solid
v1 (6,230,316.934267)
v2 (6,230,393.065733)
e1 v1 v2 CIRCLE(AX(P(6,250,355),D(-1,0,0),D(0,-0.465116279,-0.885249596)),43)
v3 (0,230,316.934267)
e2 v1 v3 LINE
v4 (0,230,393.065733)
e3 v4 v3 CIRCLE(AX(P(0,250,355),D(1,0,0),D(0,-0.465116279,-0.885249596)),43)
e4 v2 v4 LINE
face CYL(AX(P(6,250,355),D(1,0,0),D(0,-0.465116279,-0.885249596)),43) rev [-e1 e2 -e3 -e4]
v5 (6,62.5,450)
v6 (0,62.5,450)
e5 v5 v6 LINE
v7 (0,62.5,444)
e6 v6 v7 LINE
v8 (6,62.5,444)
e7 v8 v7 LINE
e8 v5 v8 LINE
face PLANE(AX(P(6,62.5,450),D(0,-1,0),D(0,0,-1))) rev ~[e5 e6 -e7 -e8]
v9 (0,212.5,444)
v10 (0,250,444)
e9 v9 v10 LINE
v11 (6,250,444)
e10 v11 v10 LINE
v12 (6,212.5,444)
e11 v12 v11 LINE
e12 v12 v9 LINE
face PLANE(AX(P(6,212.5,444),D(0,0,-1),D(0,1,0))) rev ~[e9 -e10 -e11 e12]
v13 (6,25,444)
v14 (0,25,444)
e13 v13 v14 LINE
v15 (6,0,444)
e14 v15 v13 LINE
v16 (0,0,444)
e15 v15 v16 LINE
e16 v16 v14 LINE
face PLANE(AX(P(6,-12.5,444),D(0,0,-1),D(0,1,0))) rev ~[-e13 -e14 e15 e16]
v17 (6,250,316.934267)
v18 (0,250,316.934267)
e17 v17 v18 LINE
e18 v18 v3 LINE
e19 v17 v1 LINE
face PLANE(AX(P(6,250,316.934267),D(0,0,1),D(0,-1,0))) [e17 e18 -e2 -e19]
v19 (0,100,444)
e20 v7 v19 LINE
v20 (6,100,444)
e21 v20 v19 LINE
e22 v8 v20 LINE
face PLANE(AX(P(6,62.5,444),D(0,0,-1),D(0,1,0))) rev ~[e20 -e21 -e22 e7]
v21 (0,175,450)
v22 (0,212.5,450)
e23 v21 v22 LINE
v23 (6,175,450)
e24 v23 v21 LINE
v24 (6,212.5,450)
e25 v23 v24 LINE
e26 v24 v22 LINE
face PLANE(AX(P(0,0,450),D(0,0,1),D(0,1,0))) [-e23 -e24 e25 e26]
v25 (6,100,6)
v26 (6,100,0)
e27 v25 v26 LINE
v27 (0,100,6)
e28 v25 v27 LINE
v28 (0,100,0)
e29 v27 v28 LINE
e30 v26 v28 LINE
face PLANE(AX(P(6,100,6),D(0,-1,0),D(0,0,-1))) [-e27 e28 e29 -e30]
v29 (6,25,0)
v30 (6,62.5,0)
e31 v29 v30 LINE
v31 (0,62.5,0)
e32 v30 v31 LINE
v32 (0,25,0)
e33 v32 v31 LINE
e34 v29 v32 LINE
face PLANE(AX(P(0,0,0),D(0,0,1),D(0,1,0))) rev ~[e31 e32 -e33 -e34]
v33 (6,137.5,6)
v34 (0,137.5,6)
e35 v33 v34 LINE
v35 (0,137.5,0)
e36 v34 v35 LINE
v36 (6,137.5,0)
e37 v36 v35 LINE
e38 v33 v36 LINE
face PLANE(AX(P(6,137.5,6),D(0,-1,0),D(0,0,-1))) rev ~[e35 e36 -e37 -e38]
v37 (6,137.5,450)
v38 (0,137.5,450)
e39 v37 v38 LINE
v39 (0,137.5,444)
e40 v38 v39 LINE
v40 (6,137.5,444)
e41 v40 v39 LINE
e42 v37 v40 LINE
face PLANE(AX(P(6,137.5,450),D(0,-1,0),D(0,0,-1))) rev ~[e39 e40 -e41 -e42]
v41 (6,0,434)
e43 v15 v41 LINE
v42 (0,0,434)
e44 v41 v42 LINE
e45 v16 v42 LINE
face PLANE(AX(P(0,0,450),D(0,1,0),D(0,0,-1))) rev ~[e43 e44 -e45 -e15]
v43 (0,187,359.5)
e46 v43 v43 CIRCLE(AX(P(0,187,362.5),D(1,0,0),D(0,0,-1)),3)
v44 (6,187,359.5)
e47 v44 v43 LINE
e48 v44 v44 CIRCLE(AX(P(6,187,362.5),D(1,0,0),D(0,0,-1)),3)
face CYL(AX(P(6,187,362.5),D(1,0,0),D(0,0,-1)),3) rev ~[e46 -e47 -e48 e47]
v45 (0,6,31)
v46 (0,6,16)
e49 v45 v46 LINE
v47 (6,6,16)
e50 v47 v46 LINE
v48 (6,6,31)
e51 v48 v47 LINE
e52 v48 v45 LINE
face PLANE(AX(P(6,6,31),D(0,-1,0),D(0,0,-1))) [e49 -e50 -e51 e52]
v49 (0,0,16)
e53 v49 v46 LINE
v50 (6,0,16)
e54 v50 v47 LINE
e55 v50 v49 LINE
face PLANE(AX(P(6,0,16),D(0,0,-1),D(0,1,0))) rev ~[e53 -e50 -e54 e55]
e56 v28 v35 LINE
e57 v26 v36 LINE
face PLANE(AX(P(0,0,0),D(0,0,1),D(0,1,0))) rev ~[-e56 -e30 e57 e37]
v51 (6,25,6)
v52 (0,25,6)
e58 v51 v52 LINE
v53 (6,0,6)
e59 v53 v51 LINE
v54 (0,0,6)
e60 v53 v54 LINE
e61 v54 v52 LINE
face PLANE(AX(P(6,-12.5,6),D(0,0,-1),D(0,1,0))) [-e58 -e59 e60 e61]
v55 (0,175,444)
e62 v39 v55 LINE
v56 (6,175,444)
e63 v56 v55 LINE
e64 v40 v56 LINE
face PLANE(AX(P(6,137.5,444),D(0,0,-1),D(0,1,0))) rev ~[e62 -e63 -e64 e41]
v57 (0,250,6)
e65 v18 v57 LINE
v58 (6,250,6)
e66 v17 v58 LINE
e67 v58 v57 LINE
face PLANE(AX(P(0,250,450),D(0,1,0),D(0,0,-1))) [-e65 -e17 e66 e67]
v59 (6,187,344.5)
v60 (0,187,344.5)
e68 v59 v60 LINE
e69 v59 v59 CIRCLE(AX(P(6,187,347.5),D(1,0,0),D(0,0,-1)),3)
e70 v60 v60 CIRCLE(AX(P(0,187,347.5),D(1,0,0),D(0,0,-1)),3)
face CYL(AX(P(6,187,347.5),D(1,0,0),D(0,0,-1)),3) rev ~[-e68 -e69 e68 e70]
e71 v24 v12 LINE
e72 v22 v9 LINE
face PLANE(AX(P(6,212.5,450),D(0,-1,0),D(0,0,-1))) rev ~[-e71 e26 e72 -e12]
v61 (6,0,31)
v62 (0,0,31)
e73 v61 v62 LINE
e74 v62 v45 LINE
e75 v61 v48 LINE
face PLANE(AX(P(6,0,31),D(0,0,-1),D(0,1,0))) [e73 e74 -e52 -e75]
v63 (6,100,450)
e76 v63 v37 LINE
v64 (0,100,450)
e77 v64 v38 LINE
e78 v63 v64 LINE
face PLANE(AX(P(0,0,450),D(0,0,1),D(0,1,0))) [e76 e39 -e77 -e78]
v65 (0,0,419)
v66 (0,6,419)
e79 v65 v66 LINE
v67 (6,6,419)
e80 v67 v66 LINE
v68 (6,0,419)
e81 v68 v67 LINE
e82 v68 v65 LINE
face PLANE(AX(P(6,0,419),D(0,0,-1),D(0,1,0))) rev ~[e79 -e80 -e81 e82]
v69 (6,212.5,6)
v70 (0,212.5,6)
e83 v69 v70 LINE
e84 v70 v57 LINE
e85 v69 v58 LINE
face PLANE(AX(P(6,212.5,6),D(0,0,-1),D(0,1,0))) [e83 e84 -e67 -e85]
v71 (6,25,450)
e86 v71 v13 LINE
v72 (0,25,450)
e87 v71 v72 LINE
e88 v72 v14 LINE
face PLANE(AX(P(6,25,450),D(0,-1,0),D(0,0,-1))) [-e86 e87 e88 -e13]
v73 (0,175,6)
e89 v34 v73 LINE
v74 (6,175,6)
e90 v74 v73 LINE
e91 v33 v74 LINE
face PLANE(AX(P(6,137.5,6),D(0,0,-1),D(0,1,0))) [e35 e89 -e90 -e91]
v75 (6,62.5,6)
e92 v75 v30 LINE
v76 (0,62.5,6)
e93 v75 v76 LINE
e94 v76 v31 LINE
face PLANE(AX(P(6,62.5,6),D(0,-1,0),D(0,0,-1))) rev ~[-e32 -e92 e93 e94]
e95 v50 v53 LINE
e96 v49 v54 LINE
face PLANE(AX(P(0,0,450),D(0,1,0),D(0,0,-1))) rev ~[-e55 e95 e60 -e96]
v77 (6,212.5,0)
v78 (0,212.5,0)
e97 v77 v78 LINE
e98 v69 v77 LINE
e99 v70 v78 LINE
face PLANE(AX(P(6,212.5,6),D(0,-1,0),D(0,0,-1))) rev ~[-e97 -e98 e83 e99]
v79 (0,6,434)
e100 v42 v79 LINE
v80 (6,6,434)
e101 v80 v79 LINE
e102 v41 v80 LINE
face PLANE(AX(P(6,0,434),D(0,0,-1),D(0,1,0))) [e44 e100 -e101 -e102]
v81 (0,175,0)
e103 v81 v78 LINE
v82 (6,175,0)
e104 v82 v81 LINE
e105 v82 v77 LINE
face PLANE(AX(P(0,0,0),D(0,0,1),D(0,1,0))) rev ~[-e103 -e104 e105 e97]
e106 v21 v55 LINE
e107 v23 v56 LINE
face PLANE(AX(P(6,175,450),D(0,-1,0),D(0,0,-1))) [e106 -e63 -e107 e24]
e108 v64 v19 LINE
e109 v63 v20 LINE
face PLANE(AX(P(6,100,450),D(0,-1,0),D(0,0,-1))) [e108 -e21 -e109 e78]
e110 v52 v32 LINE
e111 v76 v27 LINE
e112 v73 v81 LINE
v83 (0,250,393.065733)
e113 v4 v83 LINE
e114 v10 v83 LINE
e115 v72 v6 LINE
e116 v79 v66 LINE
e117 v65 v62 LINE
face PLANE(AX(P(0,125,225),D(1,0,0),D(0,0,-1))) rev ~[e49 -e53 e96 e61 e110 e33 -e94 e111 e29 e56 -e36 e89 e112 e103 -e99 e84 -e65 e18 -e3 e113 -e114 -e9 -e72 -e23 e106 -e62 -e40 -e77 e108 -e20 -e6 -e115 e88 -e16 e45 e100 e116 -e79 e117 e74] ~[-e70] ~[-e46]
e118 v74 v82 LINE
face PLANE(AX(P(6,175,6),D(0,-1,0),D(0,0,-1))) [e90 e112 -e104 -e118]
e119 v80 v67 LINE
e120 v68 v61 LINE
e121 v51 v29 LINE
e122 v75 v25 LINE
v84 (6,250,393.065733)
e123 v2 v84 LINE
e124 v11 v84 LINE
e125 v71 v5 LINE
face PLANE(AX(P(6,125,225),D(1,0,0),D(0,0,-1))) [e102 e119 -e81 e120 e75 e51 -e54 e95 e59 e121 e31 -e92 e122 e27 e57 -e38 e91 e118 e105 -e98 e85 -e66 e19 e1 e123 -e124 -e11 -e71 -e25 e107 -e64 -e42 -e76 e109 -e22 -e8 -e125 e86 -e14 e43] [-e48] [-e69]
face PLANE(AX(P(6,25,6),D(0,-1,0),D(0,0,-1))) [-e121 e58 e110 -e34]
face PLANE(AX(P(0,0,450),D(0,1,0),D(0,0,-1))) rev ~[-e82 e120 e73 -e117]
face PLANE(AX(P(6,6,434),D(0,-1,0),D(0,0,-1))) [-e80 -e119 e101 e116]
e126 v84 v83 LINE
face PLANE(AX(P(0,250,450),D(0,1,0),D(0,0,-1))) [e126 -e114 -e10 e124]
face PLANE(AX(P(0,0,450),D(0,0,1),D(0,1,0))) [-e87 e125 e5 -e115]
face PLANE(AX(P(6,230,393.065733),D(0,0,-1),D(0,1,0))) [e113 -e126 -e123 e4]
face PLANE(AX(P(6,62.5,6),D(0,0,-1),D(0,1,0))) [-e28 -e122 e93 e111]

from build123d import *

# Parameters (mm, degrees)
SKETCH1_W            = 450
SKETCH1_H            = 250
BOSS_EXTRUDE1_DEPTH  = 6
SKETCH2_W            = 6
SKETCH2_H            = 37.5
CUT_EXTRUDE1_DEPTH   = 515.816472153
LPATTERN1_COUNT      = 4
LPATTERN1_PITCH      = 75
LPATTERN1_COUNT_DIR2 = 2
LPATTERN1_PITCH_DIR2 = 444
SKETCH3_W            = 15
SKETCH3_H            = 6
CUT_EXTRUDE2_DEPTH   = 515.816472153
LPATTERN2_COUNT      = 2
LPATTERN2_PITCH      = 403
SKETCH4_R            = 3
CUT_EXTRUDE3_DEPTH   = 10


with BuildPart() as part:
    # Sketch1 → Boss-Extrude1 (new body)
    with BuildSketch(Plane(origin=(0, 0, 0), x_dir=(0, 0, -1), z_dir=(1, 0, 0))):
        with Locations((-225, 125)):
            Rectangle(SKETCH1_W, SKETCH1_H)
    extrude(amount=BOSS_EXTRUDE1_DEPTH)

    # Sketch2 → Cut-Extrude1 (cut, through all)
    with BuildSketch(Plane(origin=(6, 0, 0), x_dir=(0, 0, -1), z_dir=(1, 0, 0))):
        with Locations((-447, 231.25)):
            Rectangle(SKETCH2_W, SKETCH2_H)
    cut_extrude1 = extrude(amount=-CUT_EXTRUDE1_DEPTH, mode=Mode.SUBTRACT)

    # LPattern1: Cut-Extrude1 4 × 2
    with Locations(*[(0, -i * LPATTERN1_PITCH, -j * LPATTERN1_PITCH_DIR2) for i in range(LPATTERN1_COUNT) for j in range(LPATTERN1_COUNT_DIR2) if (i, j) != (0, 0)]):
        add(cut_extrude1, mode=Mode.SUBTRACT)

    # Sketch3 → Cut-Extrude2 (cut, through all)
    with BuildSketch(Plane(origin=(6, 0, 0), x_dir=(0, 0, -1), z_dir=(1, 0, 0))):
        with Locations((-426.5, 3)):
            Rectangle(SKETCH3_W, SKETCH3_H)
    cut_extrude2 = extrude(amount=-CUT_EXTRUDE2_DEPTH, mode=Mode.SUBTRACT)

    # LPattern2: Cut-Extrude2 ×2
    with Locations(*[(0, 0, -i * LPATTERN2_PITCH) for i in range(1, LPATTERN2_COUNT)]):
        add(cut_extrude2, mode=Mode.SUBTRACT)

    # Sketch4 → Cut-Extrude3 (cut)
    with BuildSketch(Plane(origin=(6, 0, 0), x_dir=(0, 0, -1), z_dir=(1, 0, 0))):
        with Locations((-362.5, 187)):
            Circle(SKETCH4_R)
        with Locations((-347.5, 187)):
            Circle(SKETCH4_R)
        with BuildLine():
            Line((-393.065732621, 230), (-393.065732621, 250))
            Line((-393.065732621, 250), (-316.934267379, 250))
            Line((-316.934267379, 250), (-316.934267379, 230))
            ThreePointArc((-316.934267379, 230), (-355, 207), (-393.065732621, 230))
        make_face()
    extrude(amount=-CUT_EXTRUDE3_DEPTH, mode=Mode.SUBTRACT)


solid = part.part
